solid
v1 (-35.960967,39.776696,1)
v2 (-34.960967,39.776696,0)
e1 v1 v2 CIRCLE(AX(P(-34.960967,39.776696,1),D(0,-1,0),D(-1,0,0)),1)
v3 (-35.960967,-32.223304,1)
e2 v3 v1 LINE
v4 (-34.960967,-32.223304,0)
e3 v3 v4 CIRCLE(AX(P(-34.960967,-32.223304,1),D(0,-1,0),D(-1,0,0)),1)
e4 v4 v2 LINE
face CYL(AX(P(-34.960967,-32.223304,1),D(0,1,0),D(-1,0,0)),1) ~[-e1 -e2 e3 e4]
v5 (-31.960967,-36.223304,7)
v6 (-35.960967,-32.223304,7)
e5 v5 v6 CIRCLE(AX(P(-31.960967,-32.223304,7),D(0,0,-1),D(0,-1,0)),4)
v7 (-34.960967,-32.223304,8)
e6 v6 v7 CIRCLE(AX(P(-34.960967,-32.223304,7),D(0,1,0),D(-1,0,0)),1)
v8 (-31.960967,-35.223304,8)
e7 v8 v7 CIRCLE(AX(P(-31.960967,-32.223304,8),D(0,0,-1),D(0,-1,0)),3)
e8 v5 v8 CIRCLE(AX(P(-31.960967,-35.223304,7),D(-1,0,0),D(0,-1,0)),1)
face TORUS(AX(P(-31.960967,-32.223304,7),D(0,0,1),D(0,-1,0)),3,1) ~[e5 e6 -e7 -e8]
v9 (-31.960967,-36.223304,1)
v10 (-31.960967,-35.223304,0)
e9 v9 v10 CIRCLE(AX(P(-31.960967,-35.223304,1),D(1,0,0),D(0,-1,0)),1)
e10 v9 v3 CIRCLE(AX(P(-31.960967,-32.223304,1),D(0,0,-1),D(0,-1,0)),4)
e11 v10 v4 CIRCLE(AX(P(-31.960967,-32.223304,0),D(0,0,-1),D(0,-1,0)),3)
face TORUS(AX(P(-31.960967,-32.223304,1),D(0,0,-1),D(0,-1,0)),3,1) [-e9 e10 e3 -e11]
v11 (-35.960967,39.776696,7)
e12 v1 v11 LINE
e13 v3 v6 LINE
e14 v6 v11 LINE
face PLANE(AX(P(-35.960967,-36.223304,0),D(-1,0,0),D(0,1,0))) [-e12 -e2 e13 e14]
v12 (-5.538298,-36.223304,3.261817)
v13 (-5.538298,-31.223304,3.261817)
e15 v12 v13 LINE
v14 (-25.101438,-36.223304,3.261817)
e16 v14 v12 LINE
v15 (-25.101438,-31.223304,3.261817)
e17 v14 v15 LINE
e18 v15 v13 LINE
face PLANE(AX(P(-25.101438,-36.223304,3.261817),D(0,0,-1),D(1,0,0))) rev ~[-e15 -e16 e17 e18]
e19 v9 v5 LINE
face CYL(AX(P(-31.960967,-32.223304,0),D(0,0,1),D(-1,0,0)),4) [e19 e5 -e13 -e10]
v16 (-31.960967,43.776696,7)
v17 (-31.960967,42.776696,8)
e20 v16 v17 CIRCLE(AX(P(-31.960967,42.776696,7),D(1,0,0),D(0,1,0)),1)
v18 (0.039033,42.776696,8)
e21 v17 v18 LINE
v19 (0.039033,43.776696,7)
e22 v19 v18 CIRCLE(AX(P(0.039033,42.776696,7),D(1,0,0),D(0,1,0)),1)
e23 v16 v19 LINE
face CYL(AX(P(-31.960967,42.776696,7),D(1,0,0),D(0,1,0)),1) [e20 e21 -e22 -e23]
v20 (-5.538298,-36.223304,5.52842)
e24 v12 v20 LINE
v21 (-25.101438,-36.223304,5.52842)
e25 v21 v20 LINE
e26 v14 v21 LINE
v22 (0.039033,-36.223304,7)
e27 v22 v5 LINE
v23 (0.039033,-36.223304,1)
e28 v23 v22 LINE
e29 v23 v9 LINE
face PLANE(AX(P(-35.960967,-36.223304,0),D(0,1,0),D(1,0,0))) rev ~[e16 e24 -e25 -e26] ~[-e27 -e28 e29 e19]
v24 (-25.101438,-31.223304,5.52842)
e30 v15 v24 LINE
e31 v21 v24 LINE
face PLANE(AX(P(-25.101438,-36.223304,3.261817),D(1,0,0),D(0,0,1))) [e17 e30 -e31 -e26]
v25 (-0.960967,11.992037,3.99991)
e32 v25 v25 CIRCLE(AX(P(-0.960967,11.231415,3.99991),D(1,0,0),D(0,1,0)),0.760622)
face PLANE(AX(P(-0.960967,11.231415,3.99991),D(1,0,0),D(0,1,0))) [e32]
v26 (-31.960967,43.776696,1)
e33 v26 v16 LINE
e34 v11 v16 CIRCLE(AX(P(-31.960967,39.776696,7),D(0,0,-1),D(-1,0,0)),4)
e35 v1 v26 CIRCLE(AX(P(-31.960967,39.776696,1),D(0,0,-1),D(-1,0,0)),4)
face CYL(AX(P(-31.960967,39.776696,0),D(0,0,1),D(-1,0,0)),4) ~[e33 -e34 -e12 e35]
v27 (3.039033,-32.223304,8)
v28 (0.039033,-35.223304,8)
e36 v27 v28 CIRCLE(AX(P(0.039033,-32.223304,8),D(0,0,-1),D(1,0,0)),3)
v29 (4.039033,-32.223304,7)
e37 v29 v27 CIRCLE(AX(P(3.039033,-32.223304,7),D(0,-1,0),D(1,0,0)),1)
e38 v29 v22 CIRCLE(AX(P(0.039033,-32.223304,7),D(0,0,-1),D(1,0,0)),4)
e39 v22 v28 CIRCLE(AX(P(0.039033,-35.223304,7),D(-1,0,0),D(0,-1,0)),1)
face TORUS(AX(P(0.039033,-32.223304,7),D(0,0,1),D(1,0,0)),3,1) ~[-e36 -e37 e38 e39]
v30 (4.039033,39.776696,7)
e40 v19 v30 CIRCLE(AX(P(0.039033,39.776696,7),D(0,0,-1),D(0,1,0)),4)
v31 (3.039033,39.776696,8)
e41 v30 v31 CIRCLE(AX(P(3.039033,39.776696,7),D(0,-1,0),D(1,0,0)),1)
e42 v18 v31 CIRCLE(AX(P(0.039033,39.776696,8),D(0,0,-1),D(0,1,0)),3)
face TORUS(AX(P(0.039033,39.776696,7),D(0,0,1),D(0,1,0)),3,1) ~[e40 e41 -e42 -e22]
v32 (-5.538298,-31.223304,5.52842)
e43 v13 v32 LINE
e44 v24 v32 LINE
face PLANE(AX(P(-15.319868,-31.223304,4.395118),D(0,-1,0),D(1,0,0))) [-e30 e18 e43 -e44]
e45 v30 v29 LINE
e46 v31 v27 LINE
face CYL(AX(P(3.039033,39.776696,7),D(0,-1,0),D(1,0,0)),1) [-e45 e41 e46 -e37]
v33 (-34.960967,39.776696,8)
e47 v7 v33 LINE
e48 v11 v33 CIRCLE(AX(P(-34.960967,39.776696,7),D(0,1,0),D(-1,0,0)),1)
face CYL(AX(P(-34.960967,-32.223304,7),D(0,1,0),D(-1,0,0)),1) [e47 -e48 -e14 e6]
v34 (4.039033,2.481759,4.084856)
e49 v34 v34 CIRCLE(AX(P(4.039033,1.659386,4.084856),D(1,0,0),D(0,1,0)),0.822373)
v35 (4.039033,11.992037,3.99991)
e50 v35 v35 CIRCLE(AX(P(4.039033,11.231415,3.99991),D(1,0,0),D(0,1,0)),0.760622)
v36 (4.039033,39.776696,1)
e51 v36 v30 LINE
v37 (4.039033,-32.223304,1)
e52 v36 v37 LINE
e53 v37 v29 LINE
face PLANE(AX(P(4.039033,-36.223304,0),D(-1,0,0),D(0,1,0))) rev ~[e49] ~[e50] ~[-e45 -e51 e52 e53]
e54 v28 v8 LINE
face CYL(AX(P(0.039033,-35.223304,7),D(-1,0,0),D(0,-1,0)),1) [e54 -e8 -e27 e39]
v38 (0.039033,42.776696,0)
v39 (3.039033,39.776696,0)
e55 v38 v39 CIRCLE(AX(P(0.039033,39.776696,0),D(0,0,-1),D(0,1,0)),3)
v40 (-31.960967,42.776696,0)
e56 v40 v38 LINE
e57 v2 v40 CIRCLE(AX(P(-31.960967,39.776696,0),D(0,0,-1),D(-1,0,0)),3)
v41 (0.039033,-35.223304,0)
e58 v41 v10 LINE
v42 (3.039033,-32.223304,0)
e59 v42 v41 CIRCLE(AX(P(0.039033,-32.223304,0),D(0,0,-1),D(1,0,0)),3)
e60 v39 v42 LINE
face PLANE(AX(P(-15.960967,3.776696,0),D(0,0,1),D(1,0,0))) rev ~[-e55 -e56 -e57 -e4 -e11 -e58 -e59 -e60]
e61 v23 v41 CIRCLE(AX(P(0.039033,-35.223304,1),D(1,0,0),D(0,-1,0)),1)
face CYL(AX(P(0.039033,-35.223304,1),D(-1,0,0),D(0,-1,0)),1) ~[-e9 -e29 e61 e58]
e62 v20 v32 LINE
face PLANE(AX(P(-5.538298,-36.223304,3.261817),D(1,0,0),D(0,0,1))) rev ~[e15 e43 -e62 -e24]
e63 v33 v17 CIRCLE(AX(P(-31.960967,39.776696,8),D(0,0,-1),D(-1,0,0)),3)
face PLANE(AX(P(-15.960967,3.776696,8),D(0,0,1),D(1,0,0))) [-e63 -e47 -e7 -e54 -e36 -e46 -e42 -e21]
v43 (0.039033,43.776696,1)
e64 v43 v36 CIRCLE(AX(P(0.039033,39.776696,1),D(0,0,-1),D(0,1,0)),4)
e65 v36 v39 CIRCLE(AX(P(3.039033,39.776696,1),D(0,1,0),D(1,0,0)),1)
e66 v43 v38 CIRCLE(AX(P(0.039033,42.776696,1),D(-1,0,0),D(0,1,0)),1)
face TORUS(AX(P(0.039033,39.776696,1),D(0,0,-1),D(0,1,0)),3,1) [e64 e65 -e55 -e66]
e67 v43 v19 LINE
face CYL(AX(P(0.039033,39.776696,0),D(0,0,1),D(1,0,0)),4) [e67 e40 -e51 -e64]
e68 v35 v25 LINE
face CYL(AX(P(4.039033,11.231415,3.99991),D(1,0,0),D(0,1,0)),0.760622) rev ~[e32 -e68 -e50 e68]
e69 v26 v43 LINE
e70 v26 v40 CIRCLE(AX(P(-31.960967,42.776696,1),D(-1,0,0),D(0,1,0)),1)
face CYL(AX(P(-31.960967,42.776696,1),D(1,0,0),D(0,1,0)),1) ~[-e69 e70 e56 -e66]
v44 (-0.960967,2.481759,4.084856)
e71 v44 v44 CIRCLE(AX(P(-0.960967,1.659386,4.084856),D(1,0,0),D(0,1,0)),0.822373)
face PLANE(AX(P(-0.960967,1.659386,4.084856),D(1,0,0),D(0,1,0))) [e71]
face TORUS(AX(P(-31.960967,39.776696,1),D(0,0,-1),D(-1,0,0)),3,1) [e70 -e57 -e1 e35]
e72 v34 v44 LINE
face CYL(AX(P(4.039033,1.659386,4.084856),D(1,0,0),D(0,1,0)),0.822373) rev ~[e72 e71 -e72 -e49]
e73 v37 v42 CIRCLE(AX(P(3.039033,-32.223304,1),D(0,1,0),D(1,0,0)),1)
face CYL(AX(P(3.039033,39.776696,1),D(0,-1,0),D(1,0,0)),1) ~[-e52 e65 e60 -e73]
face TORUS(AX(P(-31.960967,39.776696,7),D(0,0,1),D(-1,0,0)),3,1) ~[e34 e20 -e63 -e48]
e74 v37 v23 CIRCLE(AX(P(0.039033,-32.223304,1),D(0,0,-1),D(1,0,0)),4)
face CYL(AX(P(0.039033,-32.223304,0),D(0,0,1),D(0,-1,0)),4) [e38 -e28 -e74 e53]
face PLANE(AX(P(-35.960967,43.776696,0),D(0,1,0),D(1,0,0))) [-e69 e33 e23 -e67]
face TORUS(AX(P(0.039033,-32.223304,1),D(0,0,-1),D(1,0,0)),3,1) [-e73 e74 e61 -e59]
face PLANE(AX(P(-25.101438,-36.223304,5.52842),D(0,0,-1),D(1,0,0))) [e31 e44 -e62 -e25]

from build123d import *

# Parameters (mm, degrees)
F0_W     = 40
F0_H     = 80
F1_DEPTH = 8
F2_R     = 4
F3_R     = 1
F4_W     = 19.56314
F4_H     = 2.266603
F5_DEPTH = 5
F6_R     = 0.760622
F6_R_2   = 0.822373
F7_DEPTH = 5


with BuildPart() as f1:
    # F0 (on Top) → F1 (new body)
    with BuildSketch(Plane.XY):
        with Locations((-15.960967, 3.776696)):
            Rectangle(F0_W, F0_H)
    extrude(amount=F1_DEPTH)

    # F2
    f2_edges = [f1.edges().sort_by_distance(p)[0] for p in [
        (4.039033, 43.776696, 4),
        (4.039033, -36.223304, 4),
        (-35.960967, -36.223304, 4),
        (-35.960967, 43.776696, 4),
    ]]
    fillet(f2_edges, radius=F2_R)

    # F3
    f3_edges = [f1.edges().sort_by_distance(p)[0] for p in [
        (-35.960967, 3.776696, 8),
        (-35.960967, 3.776696, 0),
    ]]
    fillet(f3_edges, radius=F3_R)

    # F4 (on face) → F5 (cut)
    with BuildSketch(Plane.XZ.offset(36.223304)):
        with Locations((-15.319868, 4.395118)):
            Rectangle(F4_W, F4_H)
    extrude(amount=-F5_DEPTH, mode=Mode.SUBTRACT)

    # F6 (on face) → F7 (cut)
    with BuildSketch(Plane.YZ.offset(4.039033)):
        with Locations((11.231415, 3.99991)):
            Circle(F6_R)
        with Locations((1.659386, 4.084856)):
            Circle(F6_R_2)
    extrude(amount=-F7_DEPTH, mode=Mode.SUBTRACT)


solid = f1.part
